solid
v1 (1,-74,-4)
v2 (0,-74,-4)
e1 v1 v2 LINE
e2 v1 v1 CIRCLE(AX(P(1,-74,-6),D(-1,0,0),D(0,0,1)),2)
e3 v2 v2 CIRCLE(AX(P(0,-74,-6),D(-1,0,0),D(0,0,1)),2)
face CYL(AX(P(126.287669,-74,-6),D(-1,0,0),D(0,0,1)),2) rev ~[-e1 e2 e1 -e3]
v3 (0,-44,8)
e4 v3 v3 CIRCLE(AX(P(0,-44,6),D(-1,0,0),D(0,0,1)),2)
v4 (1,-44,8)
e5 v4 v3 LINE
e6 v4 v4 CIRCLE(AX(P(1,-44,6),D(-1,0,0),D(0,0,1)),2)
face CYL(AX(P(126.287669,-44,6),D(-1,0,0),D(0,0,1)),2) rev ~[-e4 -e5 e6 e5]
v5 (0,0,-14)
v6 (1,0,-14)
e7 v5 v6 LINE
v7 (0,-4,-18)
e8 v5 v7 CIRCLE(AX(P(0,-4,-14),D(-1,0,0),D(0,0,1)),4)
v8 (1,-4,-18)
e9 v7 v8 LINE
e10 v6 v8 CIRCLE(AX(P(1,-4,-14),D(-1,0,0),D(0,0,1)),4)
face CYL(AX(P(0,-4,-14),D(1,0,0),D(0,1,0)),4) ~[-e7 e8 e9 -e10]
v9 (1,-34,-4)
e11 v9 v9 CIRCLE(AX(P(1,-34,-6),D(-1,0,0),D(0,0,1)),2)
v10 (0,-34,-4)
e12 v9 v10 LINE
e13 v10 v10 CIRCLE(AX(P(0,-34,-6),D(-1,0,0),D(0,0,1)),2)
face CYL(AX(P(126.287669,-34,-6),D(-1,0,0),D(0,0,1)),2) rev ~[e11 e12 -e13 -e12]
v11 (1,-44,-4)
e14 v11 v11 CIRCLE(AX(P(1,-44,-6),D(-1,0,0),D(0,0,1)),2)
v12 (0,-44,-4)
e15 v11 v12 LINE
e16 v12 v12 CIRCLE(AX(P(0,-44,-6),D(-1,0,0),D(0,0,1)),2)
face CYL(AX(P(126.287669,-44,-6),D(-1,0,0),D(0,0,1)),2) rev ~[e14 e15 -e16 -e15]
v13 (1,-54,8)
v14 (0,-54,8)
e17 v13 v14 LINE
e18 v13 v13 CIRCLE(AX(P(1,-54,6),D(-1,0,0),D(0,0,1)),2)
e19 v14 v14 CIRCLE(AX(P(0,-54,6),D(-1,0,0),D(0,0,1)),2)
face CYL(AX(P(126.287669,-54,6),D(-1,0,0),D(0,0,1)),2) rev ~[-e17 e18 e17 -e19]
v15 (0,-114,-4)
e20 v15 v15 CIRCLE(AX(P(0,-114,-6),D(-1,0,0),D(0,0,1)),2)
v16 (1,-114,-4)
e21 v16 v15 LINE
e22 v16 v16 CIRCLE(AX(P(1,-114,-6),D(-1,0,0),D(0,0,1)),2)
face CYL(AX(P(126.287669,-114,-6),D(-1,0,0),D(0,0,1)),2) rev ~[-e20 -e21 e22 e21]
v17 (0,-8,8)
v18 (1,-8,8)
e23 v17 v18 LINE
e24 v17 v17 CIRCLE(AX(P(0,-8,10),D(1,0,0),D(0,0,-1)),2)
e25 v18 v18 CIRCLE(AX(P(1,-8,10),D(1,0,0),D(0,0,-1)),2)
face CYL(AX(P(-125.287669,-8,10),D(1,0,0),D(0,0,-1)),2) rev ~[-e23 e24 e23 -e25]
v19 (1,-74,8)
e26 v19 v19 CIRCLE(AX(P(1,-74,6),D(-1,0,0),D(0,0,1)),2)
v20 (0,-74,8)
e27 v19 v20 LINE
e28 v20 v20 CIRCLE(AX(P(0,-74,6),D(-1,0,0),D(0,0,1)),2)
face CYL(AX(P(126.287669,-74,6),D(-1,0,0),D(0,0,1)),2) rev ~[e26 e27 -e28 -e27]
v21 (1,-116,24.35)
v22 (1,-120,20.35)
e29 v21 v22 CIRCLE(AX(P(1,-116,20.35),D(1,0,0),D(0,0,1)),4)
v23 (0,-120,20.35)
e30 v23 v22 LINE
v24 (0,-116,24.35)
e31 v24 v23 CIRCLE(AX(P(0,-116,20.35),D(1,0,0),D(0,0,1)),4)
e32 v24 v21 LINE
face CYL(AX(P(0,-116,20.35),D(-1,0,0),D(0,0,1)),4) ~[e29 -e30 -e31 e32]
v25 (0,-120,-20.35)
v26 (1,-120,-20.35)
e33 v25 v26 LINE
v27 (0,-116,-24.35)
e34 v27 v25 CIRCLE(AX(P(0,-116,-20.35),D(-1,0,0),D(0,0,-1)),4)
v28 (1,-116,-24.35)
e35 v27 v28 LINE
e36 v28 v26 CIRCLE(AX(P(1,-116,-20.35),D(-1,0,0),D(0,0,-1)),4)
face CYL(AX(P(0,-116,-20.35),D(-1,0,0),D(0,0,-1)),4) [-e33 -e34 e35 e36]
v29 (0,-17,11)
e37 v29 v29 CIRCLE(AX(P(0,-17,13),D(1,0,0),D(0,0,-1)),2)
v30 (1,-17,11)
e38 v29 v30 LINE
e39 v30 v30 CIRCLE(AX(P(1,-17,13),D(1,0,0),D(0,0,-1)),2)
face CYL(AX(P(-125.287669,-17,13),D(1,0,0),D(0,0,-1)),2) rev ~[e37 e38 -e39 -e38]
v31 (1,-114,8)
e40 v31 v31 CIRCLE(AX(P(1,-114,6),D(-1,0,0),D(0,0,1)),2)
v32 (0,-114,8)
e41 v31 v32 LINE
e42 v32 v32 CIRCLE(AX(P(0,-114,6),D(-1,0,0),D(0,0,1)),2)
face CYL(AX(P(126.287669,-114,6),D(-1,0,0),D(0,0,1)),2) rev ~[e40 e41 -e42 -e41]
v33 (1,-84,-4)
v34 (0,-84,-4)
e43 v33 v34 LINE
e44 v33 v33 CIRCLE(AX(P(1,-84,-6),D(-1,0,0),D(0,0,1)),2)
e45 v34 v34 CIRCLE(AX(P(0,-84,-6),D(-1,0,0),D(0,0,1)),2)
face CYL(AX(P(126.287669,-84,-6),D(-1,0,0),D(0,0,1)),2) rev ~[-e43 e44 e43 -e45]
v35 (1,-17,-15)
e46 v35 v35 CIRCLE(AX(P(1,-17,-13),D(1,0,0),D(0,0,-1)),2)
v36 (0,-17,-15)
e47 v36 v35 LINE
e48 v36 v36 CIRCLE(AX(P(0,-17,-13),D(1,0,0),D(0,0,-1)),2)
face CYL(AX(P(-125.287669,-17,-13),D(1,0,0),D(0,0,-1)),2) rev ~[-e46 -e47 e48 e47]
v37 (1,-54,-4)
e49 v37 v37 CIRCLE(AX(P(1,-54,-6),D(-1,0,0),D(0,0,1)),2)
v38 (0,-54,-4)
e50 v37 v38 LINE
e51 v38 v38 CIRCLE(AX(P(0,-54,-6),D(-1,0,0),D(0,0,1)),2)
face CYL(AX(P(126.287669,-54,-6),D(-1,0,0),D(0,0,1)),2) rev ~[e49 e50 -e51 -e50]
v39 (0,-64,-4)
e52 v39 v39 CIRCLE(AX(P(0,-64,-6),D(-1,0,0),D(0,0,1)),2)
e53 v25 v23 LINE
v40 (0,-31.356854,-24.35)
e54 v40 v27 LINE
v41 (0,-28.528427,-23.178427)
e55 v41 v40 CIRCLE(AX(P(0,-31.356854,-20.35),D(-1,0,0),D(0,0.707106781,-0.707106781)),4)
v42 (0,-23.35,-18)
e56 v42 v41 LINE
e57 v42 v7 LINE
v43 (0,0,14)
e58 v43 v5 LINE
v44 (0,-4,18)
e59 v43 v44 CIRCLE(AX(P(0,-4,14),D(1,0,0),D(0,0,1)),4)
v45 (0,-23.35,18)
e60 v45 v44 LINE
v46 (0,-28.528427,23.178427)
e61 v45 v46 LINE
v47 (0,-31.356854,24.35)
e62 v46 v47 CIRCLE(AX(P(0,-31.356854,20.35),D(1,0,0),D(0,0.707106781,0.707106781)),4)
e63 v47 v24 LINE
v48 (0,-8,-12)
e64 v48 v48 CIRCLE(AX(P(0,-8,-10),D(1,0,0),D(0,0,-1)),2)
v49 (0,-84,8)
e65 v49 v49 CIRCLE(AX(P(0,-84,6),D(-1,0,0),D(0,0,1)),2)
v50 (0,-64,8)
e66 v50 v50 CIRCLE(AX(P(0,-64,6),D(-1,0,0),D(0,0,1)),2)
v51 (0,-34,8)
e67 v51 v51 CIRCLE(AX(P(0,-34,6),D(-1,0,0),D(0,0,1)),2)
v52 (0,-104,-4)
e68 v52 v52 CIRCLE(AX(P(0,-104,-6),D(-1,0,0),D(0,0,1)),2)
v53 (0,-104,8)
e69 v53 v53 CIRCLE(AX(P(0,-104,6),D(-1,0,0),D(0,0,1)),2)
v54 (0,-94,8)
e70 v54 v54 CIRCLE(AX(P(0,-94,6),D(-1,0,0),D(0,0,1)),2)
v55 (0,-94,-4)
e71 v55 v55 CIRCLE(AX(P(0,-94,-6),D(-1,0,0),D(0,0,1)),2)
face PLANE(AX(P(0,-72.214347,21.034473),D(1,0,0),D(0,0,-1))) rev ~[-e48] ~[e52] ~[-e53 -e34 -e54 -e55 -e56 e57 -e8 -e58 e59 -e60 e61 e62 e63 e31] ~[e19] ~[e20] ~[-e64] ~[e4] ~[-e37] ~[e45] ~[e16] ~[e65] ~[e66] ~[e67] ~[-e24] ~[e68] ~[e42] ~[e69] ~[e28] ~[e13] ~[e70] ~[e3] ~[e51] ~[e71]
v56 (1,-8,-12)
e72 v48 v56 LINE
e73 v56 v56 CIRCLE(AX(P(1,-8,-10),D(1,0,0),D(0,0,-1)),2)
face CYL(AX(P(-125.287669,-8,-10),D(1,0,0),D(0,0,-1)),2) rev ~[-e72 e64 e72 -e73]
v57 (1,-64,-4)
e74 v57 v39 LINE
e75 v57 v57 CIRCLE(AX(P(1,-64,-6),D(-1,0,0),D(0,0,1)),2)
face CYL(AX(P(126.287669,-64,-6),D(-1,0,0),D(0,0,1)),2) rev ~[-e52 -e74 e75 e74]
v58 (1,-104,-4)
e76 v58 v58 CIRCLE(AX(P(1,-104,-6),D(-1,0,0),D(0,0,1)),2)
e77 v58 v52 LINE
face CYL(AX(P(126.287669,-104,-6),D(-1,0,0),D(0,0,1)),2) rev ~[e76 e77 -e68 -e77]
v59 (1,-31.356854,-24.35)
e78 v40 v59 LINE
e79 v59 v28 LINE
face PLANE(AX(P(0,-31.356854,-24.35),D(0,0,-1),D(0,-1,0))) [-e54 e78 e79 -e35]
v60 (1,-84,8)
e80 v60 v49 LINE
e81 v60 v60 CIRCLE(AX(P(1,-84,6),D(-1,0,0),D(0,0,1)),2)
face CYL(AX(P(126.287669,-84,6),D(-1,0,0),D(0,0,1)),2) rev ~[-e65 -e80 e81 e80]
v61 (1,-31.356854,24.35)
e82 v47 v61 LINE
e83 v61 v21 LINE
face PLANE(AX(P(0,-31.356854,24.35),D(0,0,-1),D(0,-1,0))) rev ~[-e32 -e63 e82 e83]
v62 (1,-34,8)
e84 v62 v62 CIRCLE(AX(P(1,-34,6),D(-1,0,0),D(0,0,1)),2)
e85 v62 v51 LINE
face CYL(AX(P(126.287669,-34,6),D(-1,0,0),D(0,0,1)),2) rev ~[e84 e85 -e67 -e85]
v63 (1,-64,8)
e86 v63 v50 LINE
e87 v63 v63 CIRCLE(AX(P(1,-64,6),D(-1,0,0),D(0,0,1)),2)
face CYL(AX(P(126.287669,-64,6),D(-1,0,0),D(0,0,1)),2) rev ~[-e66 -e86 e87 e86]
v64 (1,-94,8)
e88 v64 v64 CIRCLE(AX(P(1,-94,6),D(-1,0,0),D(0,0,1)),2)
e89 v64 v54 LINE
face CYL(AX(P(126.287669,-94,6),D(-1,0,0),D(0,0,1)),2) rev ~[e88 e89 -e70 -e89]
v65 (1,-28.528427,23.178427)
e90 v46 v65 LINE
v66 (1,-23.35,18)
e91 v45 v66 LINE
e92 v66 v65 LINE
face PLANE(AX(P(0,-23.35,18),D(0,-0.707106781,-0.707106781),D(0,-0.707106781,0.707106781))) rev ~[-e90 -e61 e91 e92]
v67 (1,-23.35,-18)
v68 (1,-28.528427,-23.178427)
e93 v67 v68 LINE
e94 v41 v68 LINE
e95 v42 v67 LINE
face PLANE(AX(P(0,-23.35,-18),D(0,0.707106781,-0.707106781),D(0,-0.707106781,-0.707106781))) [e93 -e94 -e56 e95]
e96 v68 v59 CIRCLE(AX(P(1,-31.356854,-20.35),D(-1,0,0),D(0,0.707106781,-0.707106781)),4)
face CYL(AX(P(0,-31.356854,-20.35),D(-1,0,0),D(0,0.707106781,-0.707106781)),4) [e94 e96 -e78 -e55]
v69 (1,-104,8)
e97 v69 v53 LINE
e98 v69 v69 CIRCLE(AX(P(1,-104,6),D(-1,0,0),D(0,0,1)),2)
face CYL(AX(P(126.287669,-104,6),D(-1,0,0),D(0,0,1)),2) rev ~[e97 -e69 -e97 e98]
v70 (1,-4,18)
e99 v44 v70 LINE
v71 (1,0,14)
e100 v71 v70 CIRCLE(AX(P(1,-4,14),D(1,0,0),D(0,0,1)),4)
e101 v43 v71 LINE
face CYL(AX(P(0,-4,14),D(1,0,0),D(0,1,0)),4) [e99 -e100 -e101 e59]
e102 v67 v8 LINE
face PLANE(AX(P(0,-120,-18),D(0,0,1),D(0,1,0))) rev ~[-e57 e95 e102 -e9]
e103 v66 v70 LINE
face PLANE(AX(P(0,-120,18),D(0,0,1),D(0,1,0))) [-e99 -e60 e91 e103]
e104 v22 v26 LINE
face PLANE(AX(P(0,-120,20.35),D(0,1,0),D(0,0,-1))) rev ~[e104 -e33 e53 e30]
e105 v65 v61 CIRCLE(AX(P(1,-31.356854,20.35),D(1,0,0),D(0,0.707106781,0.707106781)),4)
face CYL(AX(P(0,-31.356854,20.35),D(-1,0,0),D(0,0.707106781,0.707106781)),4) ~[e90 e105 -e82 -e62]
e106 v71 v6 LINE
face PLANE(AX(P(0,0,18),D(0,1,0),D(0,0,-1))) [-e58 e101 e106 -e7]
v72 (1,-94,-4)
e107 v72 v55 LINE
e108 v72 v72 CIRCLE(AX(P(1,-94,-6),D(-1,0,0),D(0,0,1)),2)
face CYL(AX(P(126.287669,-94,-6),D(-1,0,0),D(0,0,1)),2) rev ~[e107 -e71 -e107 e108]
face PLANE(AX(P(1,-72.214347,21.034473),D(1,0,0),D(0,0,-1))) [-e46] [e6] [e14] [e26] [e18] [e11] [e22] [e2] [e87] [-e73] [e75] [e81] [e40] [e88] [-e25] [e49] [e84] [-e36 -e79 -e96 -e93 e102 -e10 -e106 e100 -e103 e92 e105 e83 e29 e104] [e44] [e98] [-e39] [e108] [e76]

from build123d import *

# Parameters (mm, degrees)
SKETCH1_W                = 36
SKETCH1_H                = 120
BOSS_EXTRUDE1_DEPTH      = 1
F_4_0_4_DIAMETER_HOLE2_D = 4
F_4_0_4_DIAMETER_HOLE3_D = 4
F_4_0_4_DIAMETER_HOLE1_D = 4
BOSS_EXTRUDE2_DEPTH      = 1
FILLET1_R                = 4


with BuildPart() as part:
    # Sketch1 → Boss-Extrude1 (new body)
    with BuildSketch(Plane(origin=(0, 0, 0), x_dir=(0, 0, -1), z_dir=(1, 0, 0))):
        with Locations((0, -60)):
            Rectangle(SKETCH1_W, SKETCH1_H)
    extrude(amount=BOSS_EXTRUDE1_DEPTH)

    # Ø4.0 (4) Diameter Hole2 (through all)
    with Locations(Plane.ZY):
        with Locations((-10, -8), (10, -8)):
            Hole(F_4_0_4_DIAMETER_HOLE2_D / 2)

    # Ø4.0 (4) Diameter Hole3 (through all)
    with Locations(Plane.ZY):
        with Locations((-13, -17), (13, -17)):
            Hole(F_4_0_4_DIAMETER_HOLE3_D / 2)

    # Ø4.0 (4) Diameter Hole1 (through all)
    with Locations(Plane(origin=(1, 0, 0), x_dir=(0, 0, -1), z_dir=(1, 0, 0))):
        with Locations((6, -114), (-6, -114), (6, -104), (-6, -104), (6, -94), (-6, -94), (6, -84), (-6, -84), (6, -74), (-6, -74), (6, -64), (-6, -64), (6, -54), (-6, -54), (6, -44), (-6, -44), (6, -34), (-6, -34)):
            Hole(F_4_0_4_DIAMETER_HOLE1_D / 2)

    # Sketch9 → Boss-Extrude2 (add)
    with BuildSketch(Plane.ZY):
        with BuildLine():
            Line((18, -23.35), (23.178427125, -28.528427125))
            ThreePointArc((23.178427125, -28.528427125), (24.04551813, -29.82612052), (24.35, -31.356854249))
            Line((24.35, -31.356854249), (24.35, -116))
            ThreePointArc((24.35, -116), (23.178427125, -118.828427125), (20.35, -120))
            Line((20.35, -120), (18, -120))
            Line((18, -120), (18, -23.35))
        make_face()
        with BuildLine():
            Line((-18, -23.35), (-23.178427125, -28.528427125))
            ThreePointArc((-23.178427125, -28.528427125), (-24.04551813, -29.82612052), (-24.35, -31.356854249))
            Line((-24.35, -31.356854249), (-24.35, -116))
            ThreePointArc((-24.35, -116), (-23.178427125, -118.828427125), (-20.35, -120))
            Line((-20.35, -120), (-18, -120))
            Line((-18, -120), (-18, -23.35))
        make_face()
    extrude(amount=-BOSS_EXTRUDE2_DEPTH)

    # Fillet1
    fillet1_edges = [part.edges().sort_by_distance(p)[0] for p in [
        (0.5, 0, 18),
        (0.5, 0, -18),
    ]]
    fillet(fillet1_edges, radius=FILLET1_R)


solid = part.part
